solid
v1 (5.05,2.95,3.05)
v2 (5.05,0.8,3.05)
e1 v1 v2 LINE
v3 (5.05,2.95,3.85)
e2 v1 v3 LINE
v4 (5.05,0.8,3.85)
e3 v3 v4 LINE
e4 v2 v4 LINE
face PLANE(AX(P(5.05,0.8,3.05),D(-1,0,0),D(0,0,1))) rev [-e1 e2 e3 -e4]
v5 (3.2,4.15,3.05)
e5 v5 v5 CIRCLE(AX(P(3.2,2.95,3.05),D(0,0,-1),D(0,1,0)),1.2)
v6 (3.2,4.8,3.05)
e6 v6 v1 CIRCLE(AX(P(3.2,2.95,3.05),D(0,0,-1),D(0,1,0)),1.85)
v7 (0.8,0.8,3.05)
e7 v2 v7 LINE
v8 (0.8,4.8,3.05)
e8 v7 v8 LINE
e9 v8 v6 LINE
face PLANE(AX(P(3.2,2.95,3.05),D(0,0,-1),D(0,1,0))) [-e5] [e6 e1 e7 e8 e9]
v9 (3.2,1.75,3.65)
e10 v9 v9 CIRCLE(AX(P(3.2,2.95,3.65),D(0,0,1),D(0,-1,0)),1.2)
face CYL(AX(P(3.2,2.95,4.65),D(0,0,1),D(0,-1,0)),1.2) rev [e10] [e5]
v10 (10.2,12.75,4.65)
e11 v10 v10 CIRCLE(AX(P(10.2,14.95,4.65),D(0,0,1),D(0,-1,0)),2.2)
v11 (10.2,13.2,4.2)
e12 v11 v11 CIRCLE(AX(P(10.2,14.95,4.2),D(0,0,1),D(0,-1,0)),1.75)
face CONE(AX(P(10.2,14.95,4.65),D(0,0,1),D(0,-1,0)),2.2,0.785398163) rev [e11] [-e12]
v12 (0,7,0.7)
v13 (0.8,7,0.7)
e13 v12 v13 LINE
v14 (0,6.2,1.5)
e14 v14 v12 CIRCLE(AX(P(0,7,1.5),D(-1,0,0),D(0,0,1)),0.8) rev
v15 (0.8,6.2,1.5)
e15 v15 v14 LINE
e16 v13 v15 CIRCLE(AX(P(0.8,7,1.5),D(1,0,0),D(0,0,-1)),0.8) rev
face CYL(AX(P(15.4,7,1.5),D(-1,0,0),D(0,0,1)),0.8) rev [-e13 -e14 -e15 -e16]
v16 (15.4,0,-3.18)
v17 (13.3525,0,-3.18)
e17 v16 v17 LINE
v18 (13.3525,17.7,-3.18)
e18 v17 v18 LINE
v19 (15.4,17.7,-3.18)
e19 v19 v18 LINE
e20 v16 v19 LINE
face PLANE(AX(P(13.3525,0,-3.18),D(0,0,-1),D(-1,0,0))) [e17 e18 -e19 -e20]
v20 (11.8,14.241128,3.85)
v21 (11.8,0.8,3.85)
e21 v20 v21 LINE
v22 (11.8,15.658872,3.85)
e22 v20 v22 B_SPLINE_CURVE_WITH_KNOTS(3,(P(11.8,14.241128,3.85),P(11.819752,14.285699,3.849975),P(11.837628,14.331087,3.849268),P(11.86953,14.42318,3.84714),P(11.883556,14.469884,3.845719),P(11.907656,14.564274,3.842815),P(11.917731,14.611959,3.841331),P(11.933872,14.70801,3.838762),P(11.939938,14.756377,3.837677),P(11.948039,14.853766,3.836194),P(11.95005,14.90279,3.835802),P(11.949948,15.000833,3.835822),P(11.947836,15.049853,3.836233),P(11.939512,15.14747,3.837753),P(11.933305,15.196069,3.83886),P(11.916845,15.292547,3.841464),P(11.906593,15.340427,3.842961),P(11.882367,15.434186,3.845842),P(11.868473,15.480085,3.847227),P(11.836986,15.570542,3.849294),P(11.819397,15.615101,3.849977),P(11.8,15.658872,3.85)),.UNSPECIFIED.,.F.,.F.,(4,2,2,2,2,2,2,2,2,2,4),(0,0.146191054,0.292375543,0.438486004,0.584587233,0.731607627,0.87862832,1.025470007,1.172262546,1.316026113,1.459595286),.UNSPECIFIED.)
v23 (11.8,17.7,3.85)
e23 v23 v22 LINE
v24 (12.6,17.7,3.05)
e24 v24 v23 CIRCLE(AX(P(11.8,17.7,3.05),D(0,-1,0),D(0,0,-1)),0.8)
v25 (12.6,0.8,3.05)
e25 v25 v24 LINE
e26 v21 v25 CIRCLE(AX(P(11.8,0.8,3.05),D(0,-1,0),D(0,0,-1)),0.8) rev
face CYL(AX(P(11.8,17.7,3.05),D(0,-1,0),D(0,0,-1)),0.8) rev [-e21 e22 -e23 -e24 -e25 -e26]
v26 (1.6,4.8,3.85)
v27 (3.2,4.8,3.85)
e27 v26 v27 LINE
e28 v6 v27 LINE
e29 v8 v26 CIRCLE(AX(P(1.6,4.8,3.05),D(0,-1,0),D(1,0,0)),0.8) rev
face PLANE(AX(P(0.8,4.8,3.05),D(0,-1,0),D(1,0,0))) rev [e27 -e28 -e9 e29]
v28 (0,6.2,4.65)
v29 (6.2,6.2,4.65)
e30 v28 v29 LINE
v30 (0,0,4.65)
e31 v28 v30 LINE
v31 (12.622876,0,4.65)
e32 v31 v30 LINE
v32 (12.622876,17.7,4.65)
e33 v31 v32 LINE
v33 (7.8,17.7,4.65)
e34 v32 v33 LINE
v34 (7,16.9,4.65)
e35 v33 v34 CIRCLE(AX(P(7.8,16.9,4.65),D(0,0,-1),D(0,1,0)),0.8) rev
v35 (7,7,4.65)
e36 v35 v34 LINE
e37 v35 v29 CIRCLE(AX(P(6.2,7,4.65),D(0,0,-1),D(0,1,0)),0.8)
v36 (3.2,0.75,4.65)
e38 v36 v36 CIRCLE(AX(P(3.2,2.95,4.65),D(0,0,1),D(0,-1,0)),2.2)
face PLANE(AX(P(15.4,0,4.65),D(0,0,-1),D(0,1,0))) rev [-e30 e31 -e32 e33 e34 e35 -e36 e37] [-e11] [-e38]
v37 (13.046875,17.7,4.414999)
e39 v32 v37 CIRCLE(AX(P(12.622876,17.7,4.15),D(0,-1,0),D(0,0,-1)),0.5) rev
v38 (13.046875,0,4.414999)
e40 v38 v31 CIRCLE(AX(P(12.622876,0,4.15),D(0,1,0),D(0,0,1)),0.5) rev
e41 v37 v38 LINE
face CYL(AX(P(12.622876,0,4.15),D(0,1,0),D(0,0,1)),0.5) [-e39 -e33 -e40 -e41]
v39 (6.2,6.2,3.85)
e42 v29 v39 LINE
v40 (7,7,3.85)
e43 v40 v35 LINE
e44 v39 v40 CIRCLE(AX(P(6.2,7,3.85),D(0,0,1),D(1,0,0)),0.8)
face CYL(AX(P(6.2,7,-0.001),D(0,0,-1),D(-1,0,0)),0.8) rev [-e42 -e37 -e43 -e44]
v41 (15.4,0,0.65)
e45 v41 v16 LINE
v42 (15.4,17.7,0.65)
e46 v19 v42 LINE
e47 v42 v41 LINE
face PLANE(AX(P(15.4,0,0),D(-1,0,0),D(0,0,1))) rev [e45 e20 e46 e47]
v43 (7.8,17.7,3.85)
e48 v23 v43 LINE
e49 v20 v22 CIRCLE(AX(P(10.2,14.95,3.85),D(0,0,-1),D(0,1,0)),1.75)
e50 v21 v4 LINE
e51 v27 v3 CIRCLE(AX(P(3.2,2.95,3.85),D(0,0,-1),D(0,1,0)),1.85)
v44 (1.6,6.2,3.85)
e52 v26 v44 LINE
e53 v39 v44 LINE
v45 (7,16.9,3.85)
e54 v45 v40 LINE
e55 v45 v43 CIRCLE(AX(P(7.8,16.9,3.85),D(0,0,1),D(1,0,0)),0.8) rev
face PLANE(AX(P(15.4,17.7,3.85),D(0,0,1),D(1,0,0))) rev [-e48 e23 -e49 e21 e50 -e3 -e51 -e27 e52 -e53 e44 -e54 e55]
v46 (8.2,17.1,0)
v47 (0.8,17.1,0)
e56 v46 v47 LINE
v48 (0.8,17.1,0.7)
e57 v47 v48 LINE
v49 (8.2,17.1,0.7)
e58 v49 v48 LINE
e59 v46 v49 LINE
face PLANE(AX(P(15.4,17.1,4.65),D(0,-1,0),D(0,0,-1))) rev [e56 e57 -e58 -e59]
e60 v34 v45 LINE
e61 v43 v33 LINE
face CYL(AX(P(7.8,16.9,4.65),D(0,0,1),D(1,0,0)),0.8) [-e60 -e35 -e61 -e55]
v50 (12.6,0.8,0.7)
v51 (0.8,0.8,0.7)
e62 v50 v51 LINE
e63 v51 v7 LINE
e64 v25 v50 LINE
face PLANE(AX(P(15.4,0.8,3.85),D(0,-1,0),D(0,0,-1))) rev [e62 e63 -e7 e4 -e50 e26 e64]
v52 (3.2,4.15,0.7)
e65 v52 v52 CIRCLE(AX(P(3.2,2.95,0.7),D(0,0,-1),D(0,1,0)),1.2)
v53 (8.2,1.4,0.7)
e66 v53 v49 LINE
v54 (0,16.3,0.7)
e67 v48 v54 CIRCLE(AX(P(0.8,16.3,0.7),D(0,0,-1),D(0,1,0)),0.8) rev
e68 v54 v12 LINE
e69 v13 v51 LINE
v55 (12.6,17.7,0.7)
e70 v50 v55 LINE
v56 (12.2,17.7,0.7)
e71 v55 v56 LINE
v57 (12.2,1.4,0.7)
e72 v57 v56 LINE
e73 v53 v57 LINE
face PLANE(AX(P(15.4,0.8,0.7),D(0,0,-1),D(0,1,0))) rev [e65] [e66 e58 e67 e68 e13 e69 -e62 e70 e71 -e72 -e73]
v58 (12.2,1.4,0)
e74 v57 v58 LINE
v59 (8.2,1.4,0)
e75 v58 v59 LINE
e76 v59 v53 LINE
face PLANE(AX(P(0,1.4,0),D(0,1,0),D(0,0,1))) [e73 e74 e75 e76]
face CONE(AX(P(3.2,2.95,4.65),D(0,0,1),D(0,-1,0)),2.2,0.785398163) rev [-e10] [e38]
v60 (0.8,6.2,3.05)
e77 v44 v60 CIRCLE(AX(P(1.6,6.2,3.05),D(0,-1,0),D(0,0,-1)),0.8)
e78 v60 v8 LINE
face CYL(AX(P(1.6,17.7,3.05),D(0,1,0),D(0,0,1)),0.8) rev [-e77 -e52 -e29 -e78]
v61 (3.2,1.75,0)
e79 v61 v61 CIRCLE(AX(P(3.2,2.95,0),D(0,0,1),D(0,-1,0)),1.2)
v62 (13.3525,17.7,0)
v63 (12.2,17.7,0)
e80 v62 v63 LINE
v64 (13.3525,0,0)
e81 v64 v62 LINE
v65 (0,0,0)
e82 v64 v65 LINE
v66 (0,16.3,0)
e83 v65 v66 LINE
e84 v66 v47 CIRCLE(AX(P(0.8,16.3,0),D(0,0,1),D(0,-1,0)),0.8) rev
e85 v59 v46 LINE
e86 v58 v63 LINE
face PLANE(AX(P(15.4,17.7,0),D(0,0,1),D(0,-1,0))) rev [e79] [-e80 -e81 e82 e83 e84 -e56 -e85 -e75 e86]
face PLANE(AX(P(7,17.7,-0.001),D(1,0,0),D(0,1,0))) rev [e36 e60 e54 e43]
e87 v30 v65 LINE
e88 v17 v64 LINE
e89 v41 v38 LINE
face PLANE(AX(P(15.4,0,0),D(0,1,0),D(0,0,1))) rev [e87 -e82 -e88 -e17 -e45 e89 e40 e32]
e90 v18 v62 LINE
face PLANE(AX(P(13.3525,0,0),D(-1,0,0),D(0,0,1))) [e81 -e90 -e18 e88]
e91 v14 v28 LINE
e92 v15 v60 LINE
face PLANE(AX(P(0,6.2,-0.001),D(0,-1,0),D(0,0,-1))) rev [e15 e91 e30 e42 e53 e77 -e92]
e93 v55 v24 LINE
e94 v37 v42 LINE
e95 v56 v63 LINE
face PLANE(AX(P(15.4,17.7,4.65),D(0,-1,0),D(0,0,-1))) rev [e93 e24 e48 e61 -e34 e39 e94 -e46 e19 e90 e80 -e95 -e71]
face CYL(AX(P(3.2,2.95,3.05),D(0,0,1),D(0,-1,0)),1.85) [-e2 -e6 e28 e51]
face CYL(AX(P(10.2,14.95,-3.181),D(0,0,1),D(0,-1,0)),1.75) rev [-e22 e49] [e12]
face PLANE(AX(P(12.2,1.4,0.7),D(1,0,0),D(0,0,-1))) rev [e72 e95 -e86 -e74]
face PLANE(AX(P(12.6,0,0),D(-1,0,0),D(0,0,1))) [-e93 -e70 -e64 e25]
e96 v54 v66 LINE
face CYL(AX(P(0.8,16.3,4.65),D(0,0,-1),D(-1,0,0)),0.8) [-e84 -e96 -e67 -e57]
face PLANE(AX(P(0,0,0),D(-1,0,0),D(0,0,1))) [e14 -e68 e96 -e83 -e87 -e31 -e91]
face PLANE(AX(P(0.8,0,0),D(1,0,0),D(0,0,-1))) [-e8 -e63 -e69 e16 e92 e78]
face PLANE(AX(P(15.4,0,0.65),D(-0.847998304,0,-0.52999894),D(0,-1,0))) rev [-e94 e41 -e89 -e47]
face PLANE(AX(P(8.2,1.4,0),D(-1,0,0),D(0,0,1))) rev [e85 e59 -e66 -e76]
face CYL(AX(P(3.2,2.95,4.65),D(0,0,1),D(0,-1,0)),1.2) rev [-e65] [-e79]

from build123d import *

# Parameters (mm, degrees)
BOSS_EXTRUDE1_DEPTH                             = 15.4
CUT_EXTRUDE2_REACH                              = 25.918
SKETCH3_W                                       = 7
SKETCH3_H                                       = 11.5
BOSS_EXTRUDE3_REACH                             = 25.918
SKETCH4_W                                       = 0.8
SKETCH4_H                                       = 6.2
SKETCH4_W_2                                     = 2.8
SKETCH4_H_2                                     = 17.7
SKETCH10_W                                      = 4
SKETCH10_H                                      = 0.7
CUT_EXTRUDE4_DEPTH                              = 16.3
BOSS_EXTRUDE4_DEPTH                             = 0.8
CSK_FOR_M2_FLAT_HEAD_MACHINE_SCREW3_D           = 2.4
CSK_FOR_M2_FLAT_HEAD_MACHINE_SCREW3_CSINK_D     = 4.4
CSK_FOR_M2_FLAT_HEAD_MACHINE_SCREW3_CSINK_ANGLE = 90
MOVE_FACE1_BY                                   = 0.6
FILLET3_R                                       = 0.8
CHAMFER1_SIZE                                   = 2.5
CHAMFER1_SIZE2                                  = 4
SKETCH12_W                                      = 2.0475
SKETCH12_H                                      = 3.18
BOSS_EXTRUDE5_DEPTH                             = 17.7
FILLET5_R                                       = 0.5
SKETCH11_R                                      = 1.75
CUT_EXTRUDE5_DEPTH                              = 25.492262043
CUT_EXTRUDE5_DIRECTION_2_REACH                  = 26.492


with BuildPart() as part:
    # Sketch2 → Boss-Extrude1 (new body)
    with BuildSketch(Plane(origin=(0, 0, 0), x_dir=(0, 0, -1), z_dir=(1, 0, 0))):
        Polygon((0, 0), (-4.65, 0), (-4.65, 17.7), (-3.85, 17.7), (-3.85, 0.8), (-0.7, 0.8), (-0.7, 17.7), (0, 17.7), align=None)
    extrude(amount=BOSS_EXTRUDE1_DEPTH)

    # Sketch3 → Cut-Extrude2 (cut, up to next)
    with BuildSketch(Plane.XY.offset(4.65), mode=Mode.PRIVATE) as cut_extrude2_sk1:
        with Locations((3.5, 11.95)):
            Rectangle(SKETCH3_W, SKETCH3_H)
    cut_extrude2_tool1 = extrude(cut_extrude2_sk1.sketch, amount=-CUT_EXTRUDE2_REACH, mode=Mode.PRIVATE) & part.part
    add(cut_extrude2_tool1.solids().sort_by_distance((3.5, 11.95, 4.65))[0], mode=Mode.SUBTRACT)

    # Sketch4 → Boss-Extrude3 (add, up to next)
    with BuildSketch(Plane.XY.offset(4.65), mode=Mode.PRIVATE) as boss_extrude3_sk1:
        with Locations((0.4, 3.1)):
            Rectangle(SKETCH4_W, SKETCH4_H)
    boss_extrude3_tool1 = extrude(boss_extrude3_sk1.sketch, amount=-BOSS_EXTRUDE3_REACH, mode=Mode.PRIVATE) - part.part
    # Sketch4 → Boss-Extrude3 (add, up to next)
    with BuildSketch(Plane.XY.offset(4.65), mode=Mode.PRIVATE) as boss_extrude3_sk2:
        with Locations((14, 8.85)):
            Rectangle(SKETCH4_W_2, SKETCH4_H_2)
    boss_extrude3_tool2 = extrude(boss_extrude3_sk2.sketch, amount=-BOSS_EXTRUDE3_REACH, mode=Mode.PRIVATE) - part.part
    add(boss_extrude3_tool1.solids().sort_by_distance((0.4, 3.1, 4.65))[0])
    add(boss_extrude3_tool2.solids().sort_by_distance((14, 8.85, 4.65))[0])

    # Sketch10 → Cut-Extrude4 (cut)
    with BuildSketch(Plane(origin=(0, 17.7, 0), x_dir=(1, 0, 0), z_dir=(0, 1, 0))):
        with Locations((10.2, -0.35)):
            Rectangle(SKETCH10_W, SKETCH10_H)
    extrude(amount=-CUT_EXTRUDE4_DEPTH, mode=Mode.SUBTRACT)

    # Sketch6 → Boss-Extrude4 (add)
    with BuildSketch(Plane(origin=(0, 0, 3.85), x_dir=(-1, 0, 0), z_dir=(0, 0, -1))):
        with BuildLine():
            Line((-0.8, 0.8), (-5.05, 0.8))
            Line((-5.05, 0.8), (-5.05, 2.95))
            ThreePointArc((-5.05, 2.95), (-4.508147545, 4.258147545), (-3.2, 4.8))
            Line((-3.2, 4.8), (-0.8, 4.8))
            Line((-0.8, 4.8), (-0.8, 0.8))
        make_face()
    extrude(amount=BOSS_EXTRUDE4_DEPTH)

    # CSK for M2 Flat Head Machine Screw3 (through all)
    with Locations(Plane(origin=(10.2, 14.95, 4.65), x_dir=(0, 1, 0), z_dir=(0, 0, 1))):
        with Locations((0, 0), (-12, 7)):
            CounterSinkHole(CSK_FOR_M2_FLAT_HEAD_MACHINE_SCREW3_D / 2, CSK_FOR_M2_FLAT_HEAD_MACHINE_SCREW3_CSINK_D / 2, counter_sink_angle=CSK_FOR_M2_FLAT_HEAD_MACHINE_SCREW3_CSINK_ANGLE)

    # Move Face1: a face moved inward by 0.6
    extrude(part.faces().sort_by_distance((4.1, 17.7, 0.35))[0], amount=MOVE_FACE1_BY, dir=(0, -1, 0), mode=Mode.SUBTRACT)

    # Fillet3
    fillet3_edges = [part.edges().sort_by_distance(p)[0] for p in [
        (0.8, 5.5, 3.85),
        (12.6, 9.25, 3.85),
        (0.4, 6.2, 0.7),
        (7, 6.2, 4.25),
        (7, 17.7, 4.25),
        (0, 17.1, 0.35),
    ]]
    fillet(fillet3_edges, radius=FILLET3_R)

    # Chamfer1
    chamfer1_edges = [part.edges().sort_by_distance(p)[0] for p in [
        (15.4, 8.85, 4.65),
    ]]
    chamfer1_side = [part.faces().sort_by_distance(p)[0] for p in [
        (9.979105197, 7.278141181, 4.65),
    ]]
    chamfer(chamfer1_edges, length=CHAMFER1_SIZE, length2=CHAMFER1_SIZE2, reference=chamfer1_side[0])

    # Sketch12 → Boss-Extrude5 (add)
    with BuildSketch(Plane(origin=(0, 17.7, 0), x_dir=(1, 0, 0), z_dir=(0, 1, 0))):
        with Locations((14.37625, 1.59)):
            Rectangle(SKETCH12_W, SKETCH12_H)
    extrude(amount=-BOSS_EXTRUDE5_DEPTH)

    # Fillet5
    fillet5_edges = [part.edges().sort_by_distance(p)[0] for p in [
        (12.9, 8.85, 4.65),
    ]]
    fillet(fillet5_edges, radius=FILLET5_R)

    # Sketch11 → Cut-Extrude5 (cut)
    with BuildSketch(Plane(origin=(0, 0, 3.85), x_dir=(-1, 0, 0), z_dir=(0, 0, -1))):
        with Locations(Location((-10.2, 14.95, 0), (0, 0, 270))):
            Circle(SKETCH11_R)
    extrude(amount=-CUT_EXTRUDE5_DEPTH, mode=Mode.SUBTRACT)

    # Sketch11 → Cut-Extrude5 direction 2 (cut, up to next)
    with BuildSketch(Plane(origin=(0, 0, 3.85), x_dir=(-1, 0, 0), z_dir=(0, 0, -1)), mode=Mode.PRIVATE) as cut_extrude5_direction_2_sk1:
        with Locations(Location((-10.2, 14.95, 0), (0, 0, 270))):
            Circle(SKETCH11_R)
    cut_extrude5_direction_2_tool1 = extrude(cut_extrude5_direction_2_sk1.sketch, amount=CUT_EXTRUDE5_DIRECTION_2_REACH, mode=Mode.PRIVATE) & part.part
    add(cut_extrude5_direction_2_tool1.solids().sort_by_distance((10.2, 14.95, 3.85))[0], mode=Mode.SUBTRACT)


solid = part.part
